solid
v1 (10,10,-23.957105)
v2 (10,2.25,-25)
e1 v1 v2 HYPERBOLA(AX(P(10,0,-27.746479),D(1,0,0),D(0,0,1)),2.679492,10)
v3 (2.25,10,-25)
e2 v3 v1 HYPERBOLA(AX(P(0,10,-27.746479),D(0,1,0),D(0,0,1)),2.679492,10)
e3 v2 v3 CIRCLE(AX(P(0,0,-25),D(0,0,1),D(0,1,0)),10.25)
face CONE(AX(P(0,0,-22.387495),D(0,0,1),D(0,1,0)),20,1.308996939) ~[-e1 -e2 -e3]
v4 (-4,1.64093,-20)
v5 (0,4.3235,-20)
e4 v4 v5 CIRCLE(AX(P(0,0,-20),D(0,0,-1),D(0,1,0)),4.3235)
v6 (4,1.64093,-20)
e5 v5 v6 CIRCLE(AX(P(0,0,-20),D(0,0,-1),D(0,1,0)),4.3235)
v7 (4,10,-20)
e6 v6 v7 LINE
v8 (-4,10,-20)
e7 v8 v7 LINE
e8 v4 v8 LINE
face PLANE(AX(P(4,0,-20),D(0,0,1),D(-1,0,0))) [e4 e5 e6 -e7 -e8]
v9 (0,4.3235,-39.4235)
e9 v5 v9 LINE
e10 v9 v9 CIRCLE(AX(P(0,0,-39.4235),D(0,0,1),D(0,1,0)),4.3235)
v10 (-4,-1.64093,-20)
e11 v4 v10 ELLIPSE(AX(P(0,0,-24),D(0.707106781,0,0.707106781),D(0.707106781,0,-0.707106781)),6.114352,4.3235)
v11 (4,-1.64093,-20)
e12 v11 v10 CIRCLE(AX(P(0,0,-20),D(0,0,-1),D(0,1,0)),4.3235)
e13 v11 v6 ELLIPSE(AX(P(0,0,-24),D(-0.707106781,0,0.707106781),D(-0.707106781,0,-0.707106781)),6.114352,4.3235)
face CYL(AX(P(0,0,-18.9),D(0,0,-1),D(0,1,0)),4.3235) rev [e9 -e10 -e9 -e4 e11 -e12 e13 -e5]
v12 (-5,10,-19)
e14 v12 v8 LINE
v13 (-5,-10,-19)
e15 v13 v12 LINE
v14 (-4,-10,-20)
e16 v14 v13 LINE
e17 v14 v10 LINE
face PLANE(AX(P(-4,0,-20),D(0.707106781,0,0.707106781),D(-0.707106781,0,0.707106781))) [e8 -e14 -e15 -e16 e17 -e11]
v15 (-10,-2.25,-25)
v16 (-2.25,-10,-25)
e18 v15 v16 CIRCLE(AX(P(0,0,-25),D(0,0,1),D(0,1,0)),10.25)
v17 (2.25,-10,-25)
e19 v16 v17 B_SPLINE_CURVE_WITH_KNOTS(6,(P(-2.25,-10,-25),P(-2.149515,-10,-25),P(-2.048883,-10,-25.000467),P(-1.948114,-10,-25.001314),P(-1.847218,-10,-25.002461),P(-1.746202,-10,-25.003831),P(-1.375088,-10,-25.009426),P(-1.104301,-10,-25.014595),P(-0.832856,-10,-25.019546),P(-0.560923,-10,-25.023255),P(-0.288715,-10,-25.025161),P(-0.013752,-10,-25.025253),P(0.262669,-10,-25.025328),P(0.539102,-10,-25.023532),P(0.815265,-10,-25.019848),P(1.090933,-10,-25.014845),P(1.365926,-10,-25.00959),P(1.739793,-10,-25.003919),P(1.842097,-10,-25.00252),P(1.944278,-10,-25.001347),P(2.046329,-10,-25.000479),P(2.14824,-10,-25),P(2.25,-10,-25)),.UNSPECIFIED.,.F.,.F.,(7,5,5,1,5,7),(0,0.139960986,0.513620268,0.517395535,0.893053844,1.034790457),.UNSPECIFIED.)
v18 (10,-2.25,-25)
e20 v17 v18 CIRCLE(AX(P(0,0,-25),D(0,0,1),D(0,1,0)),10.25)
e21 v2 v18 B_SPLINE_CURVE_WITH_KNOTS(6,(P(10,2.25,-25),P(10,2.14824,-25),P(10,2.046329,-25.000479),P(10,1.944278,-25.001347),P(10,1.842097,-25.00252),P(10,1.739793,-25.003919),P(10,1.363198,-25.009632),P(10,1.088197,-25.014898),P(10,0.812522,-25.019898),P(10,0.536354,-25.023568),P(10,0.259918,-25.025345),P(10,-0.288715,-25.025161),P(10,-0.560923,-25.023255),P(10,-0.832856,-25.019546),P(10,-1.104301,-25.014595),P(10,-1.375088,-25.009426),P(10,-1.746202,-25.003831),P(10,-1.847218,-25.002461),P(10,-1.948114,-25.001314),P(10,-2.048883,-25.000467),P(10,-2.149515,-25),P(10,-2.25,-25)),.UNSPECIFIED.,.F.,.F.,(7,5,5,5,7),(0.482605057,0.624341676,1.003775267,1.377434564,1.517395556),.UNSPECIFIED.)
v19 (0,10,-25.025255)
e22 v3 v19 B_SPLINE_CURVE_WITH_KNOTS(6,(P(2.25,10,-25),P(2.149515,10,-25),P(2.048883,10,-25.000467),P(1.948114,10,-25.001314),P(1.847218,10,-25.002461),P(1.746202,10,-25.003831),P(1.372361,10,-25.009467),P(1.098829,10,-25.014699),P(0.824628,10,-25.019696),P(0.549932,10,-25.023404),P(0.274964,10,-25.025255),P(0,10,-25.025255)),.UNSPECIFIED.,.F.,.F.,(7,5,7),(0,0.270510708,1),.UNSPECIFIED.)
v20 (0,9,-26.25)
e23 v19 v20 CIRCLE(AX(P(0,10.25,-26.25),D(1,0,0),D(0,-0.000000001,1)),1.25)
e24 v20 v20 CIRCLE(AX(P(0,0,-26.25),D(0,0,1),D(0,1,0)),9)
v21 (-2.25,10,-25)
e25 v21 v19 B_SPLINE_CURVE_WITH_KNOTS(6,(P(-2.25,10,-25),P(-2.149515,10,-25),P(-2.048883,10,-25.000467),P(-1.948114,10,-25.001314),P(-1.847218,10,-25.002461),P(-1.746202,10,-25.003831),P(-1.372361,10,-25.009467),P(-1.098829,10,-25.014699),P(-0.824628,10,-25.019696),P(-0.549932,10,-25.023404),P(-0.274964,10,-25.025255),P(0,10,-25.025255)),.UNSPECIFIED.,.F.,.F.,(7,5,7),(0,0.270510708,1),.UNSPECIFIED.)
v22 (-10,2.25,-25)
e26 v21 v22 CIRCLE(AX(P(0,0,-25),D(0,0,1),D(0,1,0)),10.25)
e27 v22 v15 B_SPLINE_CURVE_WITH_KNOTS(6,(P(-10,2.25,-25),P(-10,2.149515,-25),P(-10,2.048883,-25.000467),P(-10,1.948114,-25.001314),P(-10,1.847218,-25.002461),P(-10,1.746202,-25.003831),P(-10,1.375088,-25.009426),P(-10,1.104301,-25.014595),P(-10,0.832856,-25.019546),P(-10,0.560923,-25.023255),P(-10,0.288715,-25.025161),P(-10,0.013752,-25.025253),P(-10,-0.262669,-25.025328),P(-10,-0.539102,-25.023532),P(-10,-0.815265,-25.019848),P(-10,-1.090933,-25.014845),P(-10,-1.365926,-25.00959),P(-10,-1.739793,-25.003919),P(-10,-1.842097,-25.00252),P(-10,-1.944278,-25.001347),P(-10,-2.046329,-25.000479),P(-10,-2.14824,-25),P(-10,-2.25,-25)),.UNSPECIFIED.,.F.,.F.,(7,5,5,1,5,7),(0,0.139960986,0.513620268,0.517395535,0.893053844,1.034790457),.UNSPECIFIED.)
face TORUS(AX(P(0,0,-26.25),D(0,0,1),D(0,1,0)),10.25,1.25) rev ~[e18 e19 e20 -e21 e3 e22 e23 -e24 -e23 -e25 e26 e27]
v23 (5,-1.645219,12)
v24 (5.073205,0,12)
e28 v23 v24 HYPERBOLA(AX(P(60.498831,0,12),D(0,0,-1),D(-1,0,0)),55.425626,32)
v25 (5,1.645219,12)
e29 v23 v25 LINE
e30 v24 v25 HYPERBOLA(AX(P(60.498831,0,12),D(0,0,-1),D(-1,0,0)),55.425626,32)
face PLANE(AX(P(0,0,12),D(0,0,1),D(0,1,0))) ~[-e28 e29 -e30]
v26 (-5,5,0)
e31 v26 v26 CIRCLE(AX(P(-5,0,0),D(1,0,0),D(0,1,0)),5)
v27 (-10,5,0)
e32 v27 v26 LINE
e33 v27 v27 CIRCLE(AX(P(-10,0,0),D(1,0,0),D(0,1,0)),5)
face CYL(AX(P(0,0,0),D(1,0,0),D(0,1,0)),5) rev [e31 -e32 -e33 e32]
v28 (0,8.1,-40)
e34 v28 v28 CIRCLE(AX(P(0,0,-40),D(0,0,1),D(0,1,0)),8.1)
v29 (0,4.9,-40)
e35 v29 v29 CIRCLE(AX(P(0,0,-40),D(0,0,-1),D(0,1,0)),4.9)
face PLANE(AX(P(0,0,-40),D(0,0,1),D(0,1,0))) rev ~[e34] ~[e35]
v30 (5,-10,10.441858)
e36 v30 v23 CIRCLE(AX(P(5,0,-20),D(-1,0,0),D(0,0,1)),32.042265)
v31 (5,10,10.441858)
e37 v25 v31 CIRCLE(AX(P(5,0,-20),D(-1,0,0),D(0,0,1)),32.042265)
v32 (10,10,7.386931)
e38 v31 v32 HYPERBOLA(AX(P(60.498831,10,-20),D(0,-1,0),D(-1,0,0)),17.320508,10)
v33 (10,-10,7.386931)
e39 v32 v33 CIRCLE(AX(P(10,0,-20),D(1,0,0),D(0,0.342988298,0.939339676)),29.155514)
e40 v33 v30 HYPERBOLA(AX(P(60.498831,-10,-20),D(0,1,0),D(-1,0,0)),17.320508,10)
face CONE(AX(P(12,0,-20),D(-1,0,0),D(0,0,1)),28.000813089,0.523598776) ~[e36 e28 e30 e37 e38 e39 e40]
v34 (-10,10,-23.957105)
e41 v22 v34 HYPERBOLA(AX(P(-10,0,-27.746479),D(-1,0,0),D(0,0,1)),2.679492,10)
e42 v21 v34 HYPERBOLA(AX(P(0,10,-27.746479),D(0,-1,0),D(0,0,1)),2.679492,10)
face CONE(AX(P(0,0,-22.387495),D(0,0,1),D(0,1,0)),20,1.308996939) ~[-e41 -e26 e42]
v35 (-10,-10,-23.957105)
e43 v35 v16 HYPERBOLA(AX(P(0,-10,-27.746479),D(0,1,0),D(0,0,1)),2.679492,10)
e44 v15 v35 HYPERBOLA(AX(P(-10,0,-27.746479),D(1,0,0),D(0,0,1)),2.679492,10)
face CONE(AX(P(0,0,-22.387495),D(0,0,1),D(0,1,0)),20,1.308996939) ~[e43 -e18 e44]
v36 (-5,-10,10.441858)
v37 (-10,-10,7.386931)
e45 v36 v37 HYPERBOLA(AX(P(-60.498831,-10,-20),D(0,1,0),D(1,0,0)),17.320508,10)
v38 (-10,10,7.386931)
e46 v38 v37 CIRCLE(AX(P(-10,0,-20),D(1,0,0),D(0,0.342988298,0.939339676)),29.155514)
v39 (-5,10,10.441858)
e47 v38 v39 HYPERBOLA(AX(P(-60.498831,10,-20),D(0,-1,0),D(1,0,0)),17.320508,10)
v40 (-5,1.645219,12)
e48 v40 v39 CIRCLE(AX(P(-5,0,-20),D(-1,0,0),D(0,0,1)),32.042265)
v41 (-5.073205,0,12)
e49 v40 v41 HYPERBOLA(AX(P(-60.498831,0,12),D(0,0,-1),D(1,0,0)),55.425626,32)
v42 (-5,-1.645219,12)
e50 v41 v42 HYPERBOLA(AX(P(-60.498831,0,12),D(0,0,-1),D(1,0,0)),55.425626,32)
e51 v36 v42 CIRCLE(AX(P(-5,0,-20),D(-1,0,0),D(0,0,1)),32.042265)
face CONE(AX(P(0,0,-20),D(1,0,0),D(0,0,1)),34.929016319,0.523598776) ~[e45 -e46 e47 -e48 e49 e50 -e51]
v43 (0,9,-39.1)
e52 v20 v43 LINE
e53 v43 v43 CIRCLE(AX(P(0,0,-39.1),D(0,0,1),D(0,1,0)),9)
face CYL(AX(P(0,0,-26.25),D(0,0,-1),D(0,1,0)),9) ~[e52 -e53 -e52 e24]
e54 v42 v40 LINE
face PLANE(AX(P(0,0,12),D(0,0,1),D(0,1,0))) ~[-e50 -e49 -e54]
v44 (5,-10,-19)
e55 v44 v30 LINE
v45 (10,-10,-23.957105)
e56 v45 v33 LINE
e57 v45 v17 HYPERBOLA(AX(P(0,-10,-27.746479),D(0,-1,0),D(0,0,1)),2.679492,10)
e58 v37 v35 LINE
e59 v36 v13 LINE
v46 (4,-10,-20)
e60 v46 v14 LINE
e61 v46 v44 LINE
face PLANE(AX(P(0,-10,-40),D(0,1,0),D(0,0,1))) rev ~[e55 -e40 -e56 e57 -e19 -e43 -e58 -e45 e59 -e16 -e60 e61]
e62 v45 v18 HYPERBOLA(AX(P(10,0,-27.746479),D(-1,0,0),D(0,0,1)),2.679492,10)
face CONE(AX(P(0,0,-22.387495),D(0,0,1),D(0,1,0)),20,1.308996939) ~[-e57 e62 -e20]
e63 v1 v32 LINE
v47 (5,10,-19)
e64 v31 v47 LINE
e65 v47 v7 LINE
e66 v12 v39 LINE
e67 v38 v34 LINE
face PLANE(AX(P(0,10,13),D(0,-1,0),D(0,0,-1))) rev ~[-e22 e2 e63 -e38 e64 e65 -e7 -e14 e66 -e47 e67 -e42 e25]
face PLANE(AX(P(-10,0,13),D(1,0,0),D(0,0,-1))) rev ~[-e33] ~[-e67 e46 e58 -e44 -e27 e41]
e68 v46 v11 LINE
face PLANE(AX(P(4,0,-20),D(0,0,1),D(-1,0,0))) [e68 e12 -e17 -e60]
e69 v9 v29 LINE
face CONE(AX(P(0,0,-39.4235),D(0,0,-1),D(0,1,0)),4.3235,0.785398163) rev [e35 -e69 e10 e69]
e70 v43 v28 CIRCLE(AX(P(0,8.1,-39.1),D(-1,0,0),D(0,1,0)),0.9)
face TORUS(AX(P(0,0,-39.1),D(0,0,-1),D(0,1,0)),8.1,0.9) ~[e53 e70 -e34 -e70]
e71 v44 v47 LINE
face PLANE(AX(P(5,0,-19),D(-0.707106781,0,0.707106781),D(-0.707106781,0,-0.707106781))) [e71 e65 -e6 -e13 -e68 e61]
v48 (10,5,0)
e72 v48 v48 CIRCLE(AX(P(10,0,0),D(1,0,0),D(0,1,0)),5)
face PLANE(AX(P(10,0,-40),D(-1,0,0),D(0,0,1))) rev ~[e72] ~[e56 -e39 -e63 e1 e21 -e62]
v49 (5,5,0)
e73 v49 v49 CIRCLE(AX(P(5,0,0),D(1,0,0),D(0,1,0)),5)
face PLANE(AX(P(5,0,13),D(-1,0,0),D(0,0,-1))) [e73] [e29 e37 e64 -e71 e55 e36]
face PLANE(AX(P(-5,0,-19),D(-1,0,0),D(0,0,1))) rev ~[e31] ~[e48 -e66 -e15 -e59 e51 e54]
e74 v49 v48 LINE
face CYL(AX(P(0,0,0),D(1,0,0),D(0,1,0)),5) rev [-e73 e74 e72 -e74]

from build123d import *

# Parameters (mm, degrees)
CUT_EXTRUDE1_DEPTH           = 21
CUT_EXTRUDE1_DEPTH_BACK      = 21
CUT_EXTRUDE2_DEPTH           = 21
CUT_EXTRUDE2_DEPTH_BACK      = 21
CUT_EXTRUDE3_DEPTH           = 21
CUT_EXTRUDE3_DEPTH_BACK      = 21
SKETCH5_W                    = 26
SKETCH5_H                    = 5
CUT_REVOLVE3_ANGLE           = 90
CUT_REVOLVE3_OTHER_WAY_ANGLE = 90


with BuildPart() as part:
    # Sketch1 → Revolve1 (revolve)
    with BuildSketch(Plane(origin=(0, 0, 0), x_dir=(0, 0, -1), z_dir=(1, 0, 0))):
        with BuildLine():
            Line((-12, 0), (-12, 20))
            Line((-12, 20), (22.387495374, 20))
            Line((22.387495374, 20), (25, 10.25))
            ThreePointArc((25, 10.25), (25.366116524, 9.366116524), (26.25, 9))
            Line((26.25, 9), (39.1, 9))
            ThreePointArc((39.1, 9), (39.736396103, 8.736396103), (40, 8.1))
            Line((40, 8.1), (40, 0))
            Line((40, 0), (-12, 0))
        make_face()
    revolve(axis=Axis((0, 0, -40), (0, 0, 1)))

    # Sketch2 → Cut-Extrude1 (cut, two sides: drawn at the far end of the back side and taken through both)
    with BuildSketch(Plane(origin=(0, 0, 0), x_dir=(1, 0, 0), z_dir=(0, 1, 0)).offset(-CUT_EXTRUDE1_DEPTH_BACK)):
        Polygon((-5, 19), (-5, -13), (5, -13), (5, 19), (4, 20), (-4, 20), align=None)
    extrude(amount=CUT_EXTRUDE1_DEPTH + CUT_EXTRUDE1_DEPTH_BACK, mode=Mode.SUBTRACT)

    # Sketch3 → Cut-Extrude2 (cut, two sides: drawn at the far end of the back side and taken through both)
    with BuildSketch(Plane(origin=(0, 0, 0), x_dir=(0, 0, -1), z_dir=(1, 0, 0)).offset(-CUT_EXTRUDE2_DEPTH_BACK)):
        Polygon((-33, -30), (40, -30), (40, -10), (-13, -10), (-13, 10), (40, 10), (40, 30), (-33, 30), align=None)
    extrude(amount=CUT_EXTRUDE2_DEPTH + CUT_EXTRUDE2_DEPTH_BACK, mode=Mode.SUBTRACT)

    # Sketch4 → Cut-Extrude3 (cut, two sides: drawn at the far end of the back side and taken through both)
    with BuildSketch(Plane(origin=(0, 0, 0), x_dir=(1, 0, 0), z_dir=(0, 1, 0)).offset(-CUT_EXTRUDE3_DEPTH_BACK)):
        Polygon((-30, -33), (30, -33), (30, 40), (10, 40), (10, -13), (-10, -13), (-10, 40), (-30, 40), align=None)
    extrude(amount=CUT_EXTRUDE3_DEPTH + CUT_EXTRUDE3_DEPTH_BACK, mode=Mode.SUBTRACT)

    # Sketch5 → Cut-Revolve1 (revolve, cut)
    with BuildSketch(Plane.XY):
        with Locations((0, 2.5)):
            Rectangle(SKETCH5_W, SKETCH5_H)
    revolve(axis=Axis((13, 0, 0), (-1, 0, 0)), mode=Mode.SUBTRACT)

    # Sketch6 → Cut-Revolve2 (revolve, cut)
    with BuildSketch(Plane(origin=(0, 0, 0), x_dir=(0, 0, -1), z_dir=(1, 0, 0))):
        Polygon((18.9, 0), (18.9, 4.3235), (39.4235, 4.3235), (40.1, 5), (40.1, 0), align=None)
    revolve(axis=Axis((0, 0, -40.1), (0, 0, 1)), mode=Mode.SUBTRACT)

    # Sketch7 → Cut-Revolve3 (revolve, cut)
    with BuildSketch(Plane(origin=(0, 0, 0), x_dir=(1, 0, 0), z_dir=(0, 1, 0))):
        Polygon((-12, -8.000813089), (-12, -31.094823856), (0, -38.023027087), (12, -31.094823856), (12, -8.000813089), (0, -14.929016319), align=None)
    revolve(axis=Axis((-12, 0, -20), (-1, 0, 0)), revolution_arc=CUT_REVOLVE3_ANGLE, mode=Mode.SUBTRACT)

    # Sketch7 → Cut-Revolve3 other way (revolve, cut)
    with BuildSketch(Plane(origin=(0, 0, 0), x_dir=(1, 0, 0), z_dir=(0, 1, 0))):
        Polygon((-12, -8.000813089), (-12, -31.094823856), (0, -38.023027087), (12, -31.094823856), (12, -8.000813089), (0, -14.929016319), align=None)
    revolve(axis=Axis((-12, 0, -20), (1, 0, 0)), revolution_arc=CUT_REVOLVE3_OTHER_WAY_ANGLE, mode=Mode.SUBTRACT)


solid = part.part
